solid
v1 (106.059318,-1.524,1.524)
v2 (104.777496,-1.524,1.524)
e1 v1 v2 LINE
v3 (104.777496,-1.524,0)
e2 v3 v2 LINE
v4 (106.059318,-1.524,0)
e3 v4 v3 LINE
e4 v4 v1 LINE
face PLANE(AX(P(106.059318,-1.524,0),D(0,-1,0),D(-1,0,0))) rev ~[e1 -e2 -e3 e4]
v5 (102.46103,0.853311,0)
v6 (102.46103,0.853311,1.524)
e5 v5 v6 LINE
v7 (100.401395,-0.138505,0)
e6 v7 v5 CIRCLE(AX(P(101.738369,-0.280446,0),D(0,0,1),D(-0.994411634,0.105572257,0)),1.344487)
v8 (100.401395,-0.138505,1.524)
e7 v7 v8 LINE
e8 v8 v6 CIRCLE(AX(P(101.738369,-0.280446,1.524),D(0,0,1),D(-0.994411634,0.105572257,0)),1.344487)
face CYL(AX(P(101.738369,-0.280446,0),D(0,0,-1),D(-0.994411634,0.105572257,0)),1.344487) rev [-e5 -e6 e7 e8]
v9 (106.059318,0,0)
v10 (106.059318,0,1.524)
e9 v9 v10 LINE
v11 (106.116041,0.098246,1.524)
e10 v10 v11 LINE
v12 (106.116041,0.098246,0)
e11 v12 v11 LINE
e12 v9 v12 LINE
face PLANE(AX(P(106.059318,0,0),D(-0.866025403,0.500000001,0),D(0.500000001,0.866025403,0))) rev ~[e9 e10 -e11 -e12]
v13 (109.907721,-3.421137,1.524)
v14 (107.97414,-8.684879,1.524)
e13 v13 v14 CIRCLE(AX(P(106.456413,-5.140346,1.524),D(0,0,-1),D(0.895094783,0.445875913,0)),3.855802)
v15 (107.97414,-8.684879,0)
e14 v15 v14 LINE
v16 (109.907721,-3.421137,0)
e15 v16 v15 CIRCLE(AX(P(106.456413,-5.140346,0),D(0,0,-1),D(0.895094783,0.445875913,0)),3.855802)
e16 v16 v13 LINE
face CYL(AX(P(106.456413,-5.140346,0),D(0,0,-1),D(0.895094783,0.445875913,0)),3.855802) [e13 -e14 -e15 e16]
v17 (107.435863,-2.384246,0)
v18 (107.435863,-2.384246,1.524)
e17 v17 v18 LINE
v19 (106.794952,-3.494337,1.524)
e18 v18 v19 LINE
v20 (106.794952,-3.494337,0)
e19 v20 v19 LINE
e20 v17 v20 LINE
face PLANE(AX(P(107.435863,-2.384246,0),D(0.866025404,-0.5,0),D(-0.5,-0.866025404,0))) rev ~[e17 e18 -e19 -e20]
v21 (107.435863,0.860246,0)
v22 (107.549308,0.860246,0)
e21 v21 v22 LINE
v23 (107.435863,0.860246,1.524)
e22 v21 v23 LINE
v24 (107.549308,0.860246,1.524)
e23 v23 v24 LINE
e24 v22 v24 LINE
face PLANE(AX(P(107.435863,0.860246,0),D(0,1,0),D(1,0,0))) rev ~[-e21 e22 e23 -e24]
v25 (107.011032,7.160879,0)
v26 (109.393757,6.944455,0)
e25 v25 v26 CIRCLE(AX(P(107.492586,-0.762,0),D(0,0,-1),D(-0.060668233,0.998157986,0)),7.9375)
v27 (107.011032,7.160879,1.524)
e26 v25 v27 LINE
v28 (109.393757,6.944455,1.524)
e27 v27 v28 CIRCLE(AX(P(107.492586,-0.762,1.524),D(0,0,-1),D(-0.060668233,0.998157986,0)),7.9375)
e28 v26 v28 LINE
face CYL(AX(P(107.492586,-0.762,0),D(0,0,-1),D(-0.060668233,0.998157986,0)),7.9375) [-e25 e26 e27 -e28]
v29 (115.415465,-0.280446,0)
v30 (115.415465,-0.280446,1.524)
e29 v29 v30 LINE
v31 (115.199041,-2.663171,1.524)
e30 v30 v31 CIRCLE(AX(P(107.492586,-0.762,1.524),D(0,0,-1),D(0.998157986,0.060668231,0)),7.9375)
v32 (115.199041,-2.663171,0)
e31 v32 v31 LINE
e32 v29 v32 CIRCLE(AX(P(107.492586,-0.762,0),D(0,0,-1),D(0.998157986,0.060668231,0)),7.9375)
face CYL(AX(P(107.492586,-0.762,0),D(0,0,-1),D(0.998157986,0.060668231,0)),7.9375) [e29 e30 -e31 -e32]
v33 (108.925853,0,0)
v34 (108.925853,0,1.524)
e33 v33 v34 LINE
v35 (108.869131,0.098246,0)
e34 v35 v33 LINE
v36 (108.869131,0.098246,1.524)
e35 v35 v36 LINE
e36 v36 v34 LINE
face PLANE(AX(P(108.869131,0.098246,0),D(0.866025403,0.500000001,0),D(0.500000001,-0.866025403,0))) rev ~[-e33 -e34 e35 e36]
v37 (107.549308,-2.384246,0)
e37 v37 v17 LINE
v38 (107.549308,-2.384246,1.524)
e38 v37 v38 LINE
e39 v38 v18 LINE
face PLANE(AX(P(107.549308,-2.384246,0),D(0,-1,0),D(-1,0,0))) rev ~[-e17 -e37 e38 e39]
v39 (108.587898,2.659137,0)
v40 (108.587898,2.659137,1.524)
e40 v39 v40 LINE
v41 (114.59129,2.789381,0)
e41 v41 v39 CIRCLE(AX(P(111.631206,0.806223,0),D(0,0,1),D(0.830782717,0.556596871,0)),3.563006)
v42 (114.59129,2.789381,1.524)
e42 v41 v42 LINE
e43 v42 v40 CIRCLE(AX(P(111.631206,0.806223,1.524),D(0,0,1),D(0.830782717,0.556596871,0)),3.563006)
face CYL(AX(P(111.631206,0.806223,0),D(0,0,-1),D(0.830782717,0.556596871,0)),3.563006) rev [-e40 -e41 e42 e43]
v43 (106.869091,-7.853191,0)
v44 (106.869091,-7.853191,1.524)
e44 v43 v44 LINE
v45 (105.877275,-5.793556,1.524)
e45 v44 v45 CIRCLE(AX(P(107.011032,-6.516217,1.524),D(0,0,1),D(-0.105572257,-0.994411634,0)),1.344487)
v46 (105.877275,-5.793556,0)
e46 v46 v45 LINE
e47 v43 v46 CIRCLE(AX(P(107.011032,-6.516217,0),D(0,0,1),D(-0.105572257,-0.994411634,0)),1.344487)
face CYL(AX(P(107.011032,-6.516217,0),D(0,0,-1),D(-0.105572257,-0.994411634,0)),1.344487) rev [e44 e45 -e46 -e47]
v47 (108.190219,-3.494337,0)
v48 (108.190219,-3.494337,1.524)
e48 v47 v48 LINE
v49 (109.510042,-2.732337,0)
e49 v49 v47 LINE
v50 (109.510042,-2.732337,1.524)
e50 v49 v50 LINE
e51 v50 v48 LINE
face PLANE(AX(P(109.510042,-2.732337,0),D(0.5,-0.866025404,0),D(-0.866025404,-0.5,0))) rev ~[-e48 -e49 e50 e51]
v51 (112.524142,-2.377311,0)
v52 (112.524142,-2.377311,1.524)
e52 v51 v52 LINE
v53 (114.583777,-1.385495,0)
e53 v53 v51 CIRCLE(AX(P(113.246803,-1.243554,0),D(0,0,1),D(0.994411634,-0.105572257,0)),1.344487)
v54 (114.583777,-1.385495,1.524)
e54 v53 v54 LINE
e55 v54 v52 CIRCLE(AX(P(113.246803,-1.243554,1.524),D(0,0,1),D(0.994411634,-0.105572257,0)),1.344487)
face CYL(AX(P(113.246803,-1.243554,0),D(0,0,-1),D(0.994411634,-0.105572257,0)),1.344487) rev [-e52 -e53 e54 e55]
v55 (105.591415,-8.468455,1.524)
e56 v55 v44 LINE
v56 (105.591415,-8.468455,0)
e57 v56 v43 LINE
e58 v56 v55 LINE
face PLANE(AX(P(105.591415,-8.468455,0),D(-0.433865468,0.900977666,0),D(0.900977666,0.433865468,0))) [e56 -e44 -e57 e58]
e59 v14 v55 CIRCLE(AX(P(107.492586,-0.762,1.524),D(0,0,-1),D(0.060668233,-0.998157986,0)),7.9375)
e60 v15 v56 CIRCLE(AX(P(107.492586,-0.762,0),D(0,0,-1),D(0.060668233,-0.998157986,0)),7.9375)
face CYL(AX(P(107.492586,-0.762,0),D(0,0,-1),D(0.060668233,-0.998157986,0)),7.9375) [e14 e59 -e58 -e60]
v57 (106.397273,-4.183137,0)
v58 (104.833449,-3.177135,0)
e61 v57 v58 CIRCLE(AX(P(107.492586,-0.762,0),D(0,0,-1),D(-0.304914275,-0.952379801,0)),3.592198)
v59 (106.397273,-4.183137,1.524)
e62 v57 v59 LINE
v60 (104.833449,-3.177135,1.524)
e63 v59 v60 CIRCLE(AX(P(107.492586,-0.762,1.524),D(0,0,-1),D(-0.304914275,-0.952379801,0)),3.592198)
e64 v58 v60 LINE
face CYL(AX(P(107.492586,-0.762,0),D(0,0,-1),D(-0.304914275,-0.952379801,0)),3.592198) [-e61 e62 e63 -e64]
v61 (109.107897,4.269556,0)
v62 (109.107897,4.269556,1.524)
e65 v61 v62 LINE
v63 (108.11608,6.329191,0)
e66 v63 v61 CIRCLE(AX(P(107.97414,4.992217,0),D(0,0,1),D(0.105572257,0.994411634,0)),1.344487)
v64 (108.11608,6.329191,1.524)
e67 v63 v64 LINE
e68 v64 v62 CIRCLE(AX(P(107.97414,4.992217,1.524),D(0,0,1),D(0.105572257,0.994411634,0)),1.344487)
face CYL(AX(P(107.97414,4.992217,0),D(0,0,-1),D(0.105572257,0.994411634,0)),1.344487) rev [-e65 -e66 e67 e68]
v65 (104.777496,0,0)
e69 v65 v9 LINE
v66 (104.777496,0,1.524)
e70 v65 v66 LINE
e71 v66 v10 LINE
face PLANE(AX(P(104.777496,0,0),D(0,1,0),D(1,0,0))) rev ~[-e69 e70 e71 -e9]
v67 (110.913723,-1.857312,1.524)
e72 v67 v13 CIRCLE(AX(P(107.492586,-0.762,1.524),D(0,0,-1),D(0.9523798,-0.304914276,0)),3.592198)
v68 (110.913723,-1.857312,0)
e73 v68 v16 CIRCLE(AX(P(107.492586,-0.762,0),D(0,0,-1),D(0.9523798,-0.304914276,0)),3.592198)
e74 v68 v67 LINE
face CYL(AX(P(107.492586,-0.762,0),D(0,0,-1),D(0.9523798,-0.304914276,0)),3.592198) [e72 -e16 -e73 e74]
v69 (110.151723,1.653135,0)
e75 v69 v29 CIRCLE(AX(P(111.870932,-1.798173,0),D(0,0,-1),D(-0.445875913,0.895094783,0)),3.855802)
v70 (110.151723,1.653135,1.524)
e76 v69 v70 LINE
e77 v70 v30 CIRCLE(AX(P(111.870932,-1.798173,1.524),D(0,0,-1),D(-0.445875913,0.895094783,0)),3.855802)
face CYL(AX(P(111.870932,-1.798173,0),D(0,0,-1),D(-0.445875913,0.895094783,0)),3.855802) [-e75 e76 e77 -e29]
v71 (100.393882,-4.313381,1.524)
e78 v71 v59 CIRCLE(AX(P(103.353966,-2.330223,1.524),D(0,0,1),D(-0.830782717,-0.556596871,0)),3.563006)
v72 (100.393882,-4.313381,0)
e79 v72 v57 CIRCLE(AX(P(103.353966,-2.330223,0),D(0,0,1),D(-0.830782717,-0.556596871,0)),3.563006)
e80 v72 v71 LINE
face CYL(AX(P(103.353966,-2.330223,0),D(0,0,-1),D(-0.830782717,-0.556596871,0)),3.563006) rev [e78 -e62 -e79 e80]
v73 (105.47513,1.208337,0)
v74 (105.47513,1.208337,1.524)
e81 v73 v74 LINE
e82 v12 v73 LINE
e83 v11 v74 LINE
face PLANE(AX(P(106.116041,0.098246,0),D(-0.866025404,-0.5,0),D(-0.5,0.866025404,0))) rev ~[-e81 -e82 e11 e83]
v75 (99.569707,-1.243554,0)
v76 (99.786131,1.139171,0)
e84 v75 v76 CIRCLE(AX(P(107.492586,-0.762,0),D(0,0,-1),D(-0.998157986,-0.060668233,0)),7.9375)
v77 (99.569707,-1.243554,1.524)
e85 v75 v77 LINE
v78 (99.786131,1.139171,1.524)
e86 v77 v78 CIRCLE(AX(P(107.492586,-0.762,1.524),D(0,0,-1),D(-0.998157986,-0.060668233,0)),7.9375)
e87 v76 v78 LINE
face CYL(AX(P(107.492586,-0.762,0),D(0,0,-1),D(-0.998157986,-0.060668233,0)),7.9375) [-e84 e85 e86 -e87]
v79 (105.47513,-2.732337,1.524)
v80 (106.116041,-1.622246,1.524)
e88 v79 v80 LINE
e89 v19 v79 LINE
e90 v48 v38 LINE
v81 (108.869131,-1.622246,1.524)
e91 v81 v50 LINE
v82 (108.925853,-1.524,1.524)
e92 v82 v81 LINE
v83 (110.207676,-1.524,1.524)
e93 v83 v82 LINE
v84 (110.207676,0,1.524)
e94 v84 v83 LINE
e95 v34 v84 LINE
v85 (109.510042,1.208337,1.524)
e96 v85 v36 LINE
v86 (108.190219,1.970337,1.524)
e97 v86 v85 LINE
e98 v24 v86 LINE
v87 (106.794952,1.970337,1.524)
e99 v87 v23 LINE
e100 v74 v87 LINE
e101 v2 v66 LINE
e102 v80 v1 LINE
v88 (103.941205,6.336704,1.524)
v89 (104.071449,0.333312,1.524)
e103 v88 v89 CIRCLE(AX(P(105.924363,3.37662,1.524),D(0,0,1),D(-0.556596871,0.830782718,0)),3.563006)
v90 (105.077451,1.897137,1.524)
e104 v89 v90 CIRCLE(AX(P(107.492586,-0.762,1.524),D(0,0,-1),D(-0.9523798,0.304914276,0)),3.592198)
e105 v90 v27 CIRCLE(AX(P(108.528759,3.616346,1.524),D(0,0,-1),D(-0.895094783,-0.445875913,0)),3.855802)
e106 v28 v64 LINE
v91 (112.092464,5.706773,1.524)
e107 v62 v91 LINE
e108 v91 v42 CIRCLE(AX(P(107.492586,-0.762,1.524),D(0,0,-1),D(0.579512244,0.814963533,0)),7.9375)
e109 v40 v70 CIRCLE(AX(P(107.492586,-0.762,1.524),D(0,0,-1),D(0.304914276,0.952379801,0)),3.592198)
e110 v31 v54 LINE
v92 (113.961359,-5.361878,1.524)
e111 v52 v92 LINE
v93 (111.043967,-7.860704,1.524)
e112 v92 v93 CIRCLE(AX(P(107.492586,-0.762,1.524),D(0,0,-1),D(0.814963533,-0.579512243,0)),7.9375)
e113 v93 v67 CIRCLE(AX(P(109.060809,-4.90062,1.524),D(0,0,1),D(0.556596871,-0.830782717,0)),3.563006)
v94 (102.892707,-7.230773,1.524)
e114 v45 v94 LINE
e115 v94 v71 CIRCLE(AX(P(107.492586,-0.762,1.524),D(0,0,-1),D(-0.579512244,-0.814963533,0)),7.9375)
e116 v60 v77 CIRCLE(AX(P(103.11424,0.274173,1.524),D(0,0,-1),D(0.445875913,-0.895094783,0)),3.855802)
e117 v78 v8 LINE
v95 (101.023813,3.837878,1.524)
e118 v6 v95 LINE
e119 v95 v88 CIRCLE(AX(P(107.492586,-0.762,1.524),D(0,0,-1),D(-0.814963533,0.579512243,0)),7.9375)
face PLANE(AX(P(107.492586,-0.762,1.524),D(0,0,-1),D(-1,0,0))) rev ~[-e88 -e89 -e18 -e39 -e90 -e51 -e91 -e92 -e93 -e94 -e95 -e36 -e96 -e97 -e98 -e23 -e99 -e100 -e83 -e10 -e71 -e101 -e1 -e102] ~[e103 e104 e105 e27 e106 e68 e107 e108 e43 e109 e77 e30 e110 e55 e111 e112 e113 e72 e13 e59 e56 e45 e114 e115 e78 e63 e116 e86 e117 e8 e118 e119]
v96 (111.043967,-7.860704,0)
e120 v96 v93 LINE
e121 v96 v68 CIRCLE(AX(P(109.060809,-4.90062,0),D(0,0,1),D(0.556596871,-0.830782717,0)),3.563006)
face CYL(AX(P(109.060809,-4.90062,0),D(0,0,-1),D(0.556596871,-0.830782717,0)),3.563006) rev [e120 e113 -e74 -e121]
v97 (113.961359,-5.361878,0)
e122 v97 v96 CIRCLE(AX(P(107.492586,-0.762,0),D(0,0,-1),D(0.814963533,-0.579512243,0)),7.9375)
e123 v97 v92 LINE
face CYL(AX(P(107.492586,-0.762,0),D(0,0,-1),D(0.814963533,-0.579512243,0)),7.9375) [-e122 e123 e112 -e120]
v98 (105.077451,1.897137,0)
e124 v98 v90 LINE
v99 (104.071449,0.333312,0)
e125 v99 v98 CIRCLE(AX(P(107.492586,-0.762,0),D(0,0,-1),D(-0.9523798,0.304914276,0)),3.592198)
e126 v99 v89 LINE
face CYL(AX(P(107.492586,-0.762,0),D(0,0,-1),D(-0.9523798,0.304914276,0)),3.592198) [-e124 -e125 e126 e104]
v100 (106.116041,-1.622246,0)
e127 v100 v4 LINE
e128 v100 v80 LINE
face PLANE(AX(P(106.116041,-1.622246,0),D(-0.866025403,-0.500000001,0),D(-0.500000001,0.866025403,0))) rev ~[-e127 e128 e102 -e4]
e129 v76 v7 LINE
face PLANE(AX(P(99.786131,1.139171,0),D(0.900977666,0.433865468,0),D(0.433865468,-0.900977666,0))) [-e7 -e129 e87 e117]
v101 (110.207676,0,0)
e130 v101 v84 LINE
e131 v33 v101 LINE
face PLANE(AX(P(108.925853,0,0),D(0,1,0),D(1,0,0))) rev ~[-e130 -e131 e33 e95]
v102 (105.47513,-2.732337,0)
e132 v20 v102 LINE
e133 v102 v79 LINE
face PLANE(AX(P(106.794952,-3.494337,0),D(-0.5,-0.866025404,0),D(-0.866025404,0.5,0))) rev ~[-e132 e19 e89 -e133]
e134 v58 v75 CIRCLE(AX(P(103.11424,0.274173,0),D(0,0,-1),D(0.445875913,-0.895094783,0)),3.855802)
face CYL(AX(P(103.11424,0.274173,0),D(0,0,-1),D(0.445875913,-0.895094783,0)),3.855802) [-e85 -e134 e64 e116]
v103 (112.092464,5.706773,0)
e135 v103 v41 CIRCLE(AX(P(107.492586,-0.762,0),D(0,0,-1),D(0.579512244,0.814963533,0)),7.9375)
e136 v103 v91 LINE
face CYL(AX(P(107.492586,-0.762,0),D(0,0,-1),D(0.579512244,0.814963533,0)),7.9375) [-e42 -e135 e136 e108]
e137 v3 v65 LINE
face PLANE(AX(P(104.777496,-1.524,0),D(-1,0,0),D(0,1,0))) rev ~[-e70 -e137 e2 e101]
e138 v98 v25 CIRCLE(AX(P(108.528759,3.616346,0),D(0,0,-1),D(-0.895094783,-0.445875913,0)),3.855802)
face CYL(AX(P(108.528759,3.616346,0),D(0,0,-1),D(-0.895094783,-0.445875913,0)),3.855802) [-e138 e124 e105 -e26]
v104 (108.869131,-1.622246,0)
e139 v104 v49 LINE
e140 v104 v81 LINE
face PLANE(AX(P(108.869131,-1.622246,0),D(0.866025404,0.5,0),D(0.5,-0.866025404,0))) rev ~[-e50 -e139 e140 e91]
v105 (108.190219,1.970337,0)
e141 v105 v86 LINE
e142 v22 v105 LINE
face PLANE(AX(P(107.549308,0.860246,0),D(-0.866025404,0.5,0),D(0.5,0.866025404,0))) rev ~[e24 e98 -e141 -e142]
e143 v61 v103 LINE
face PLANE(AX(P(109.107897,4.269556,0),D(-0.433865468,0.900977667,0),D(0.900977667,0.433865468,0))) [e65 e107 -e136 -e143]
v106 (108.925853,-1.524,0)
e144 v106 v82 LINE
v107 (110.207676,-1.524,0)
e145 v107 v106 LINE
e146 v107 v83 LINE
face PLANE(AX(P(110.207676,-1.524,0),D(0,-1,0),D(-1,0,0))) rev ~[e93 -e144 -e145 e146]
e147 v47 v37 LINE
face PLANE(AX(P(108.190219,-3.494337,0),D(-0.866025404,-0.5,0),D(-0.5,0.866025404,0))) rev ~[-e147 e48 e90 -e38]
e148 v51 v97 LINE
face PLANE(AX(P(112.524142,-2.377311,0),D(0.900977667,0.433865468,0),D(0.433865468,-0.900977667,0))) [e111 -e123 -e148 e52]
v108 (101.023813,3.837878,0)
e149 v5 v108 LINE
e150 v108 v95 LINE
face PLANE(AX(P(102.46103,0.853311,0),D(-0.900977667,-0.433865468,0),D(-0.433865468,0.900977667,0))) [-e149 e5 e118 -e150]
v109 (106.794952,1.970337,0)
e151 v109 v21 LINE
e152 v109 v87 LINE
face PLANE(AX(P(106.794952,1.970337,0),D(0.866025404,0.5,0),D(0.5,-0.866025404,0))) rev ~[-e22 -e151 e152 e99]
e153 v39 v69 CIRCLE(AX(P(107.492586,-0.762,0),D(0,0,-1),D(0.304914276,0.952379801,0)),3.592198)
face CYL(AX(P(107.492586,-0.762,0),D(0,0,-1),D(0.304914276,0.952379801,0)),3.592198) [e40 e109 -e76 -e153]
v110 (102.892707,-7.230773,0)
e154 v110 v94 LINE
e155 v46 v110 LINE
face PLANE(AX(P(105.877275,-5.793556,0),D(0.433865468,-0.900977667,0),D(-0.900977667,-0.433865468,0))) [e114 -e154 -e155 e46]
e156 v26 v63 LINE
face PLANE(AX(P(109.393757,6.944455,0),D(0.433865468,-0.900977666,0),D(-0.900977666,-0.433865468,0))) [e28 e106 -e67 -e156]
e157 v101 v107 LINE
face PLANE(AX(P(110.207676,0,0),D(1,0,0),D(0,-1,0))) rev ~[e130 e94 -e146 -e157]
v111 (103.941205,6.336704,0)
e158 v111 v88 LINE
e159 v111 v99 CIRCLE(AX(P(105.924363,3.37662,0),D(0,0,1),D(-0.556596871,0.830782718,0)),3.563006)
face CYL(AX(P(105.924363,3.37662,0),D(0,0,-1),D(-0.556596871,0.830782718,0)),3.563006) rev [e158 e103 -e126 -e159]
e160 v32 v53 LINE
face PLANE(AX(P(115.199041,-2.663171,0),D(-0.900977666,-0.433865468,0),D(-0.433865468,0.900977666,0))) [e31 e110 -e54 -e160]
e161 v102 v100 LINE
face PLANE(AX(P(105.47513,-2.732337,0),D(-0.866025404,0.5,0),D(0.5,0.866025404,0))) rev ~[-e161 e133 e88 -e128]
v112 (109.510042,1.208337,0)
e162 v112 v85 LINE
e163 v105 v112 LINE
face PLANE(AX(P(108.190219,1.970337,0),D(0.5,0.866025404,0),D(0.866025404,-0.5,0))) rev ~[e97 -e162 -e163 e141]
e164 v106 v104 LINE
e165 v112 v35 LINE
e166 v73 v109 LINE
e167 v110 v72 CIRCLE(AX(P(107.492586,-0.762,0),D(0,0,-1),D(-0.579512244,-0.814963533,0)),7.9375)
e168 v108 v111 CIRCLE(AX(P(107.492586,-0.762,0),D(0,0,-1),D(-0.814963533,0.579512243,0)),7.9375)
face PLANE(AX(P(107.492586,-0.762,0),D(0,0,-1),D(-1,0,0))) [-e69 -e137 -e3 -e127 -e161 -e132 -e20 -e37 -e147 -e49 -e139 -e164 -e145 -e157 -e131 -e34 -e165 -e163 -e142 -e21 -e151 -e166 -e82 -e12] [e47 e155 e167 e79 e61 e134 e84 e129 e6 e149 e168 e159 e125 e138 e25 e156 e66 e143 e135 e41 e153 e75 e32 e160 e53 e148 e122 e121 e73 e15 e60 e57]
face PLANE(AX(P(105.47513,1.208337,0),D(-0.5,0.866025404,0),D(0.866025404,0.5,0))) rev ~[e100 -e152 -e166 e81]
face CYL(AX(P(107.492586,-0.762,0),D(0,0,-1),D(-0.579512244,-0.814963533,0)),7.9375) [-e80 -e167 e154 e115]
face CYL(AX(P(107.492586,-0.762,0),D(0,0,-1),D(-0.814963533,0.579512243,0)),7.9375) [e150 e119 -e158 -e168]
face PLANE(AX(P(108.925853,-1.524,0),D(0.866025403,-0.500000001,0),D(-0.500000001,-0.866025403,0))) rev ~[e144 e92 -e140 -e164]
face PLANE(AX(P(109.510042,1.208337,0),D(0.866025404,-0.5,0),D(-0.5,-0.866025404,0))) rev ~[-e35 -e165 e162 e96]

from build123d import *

# Parameters (mm, degrees)
BOSS_EXTRUDE1_DEPTH = 1.524


with BuildPart() as part:
    # Sketch1 → Boss-Extrude1 (new body)
    with BuildSketch(Plane.XY):
        with BuildLine():
            Line((105.591414647, -8.468455362), (106.869091272, -7.853190647))
            ThreePointArc((106.869091272, -7.853190647), (108.22238434, -5.932890961), (105.877274812, -5.793555702))
            Line((105.877274812, -5.793555702), (102.892707432, -7.23077304))
            ThreePointArc((102.892707432, -7.23077304), (101.464153001, -5.925516577), (100.393881735, -4.313380846))
            ThreePointArc((100.393881735, -4.313380846), (103.431247132, -5.892390693), (106.397273409, -4.183136826))
            ThreePointArc((106.397273409, -4.183136826), (105.549139909, -3.783076692), (104.83344904, -3.177135173))
            ThreePointArc((104.83344904, -3.177135173), (101.78471521, -3.345160226), (99.56970685, -1.24355409))
            ThreePointArc((99.56970685, -1.24355409), (99.587627406, -0.043990252), (99.786130504, 1.139171219))
            Line((99.786130504, 1.139171219), (100.401395219, -0.138505406))
            ThreePointArc((100.401395219, -0.138505406), (102.321694905, -1.491798474), (102.461030165, 0.853311054))
            Line((102.461030165, 0.853311054), (101.023812827, 3.837878434))
            ThreePointArc((101.023812827, 3.837878434), (102.32906929, 5.266432866), (103.941205021, 6.336704131))
            ThreePointArc((103.941205021, 6.336704131), (102.362195173, 3.299338734), (104.07144904, 0.333312457))
            ThreePointArc((104.07144904, 0.333312457), (104.471509175, 1.181445957), (105.077450693, 1.897136826))
            ThreePointArc((105.077450693, 1.897136826), (104.90942564, 4.945870656), (107.011031776, 7.160879016))
            ThreePointArc((107.011031776, 7.160879016), (108.210595614, 7.14295846), (109.393757085, 6.944455362))
            Line((109.393757085, 6.944455362), (108.11608046, 6.329190647))
            ThreePointArc((108.11608046, 6.329190647), (106.762787392, 4.408890961), (109.10789692, 4.269555702))
            Line((109.10789692, 4.269555702), (112.092464301, 5.70677304))
            ThreePointArc((112.092464301, 5.70677304), (113.521018732, 4.401516577), (114.591289997, 2.789380846))
            ThreePointArc((114.591289997, 2.789380846), (111.5539246, 4.368390693), (108.587898324, 2.659136826))
            ThreePointArc((108.587898324, 2.659136826), (109.436031823, 2.259076692), (110.151722693, 1.653135173))
            ThreePointArc((110.151722693, 1.653135173), (113.200456523, 1.821160226), (115.415464883, -0.28044591))
            ThreePointArc((115.415464883, -0.28044591), (115.397544326, -1.480009748), (115.199041228, -2.663171219))
            Line((115.199041228, -2.663171219), (114.583776513, -1.385494594))
            ThreePointArc((114.583776513, -1.385494594), (112.663476827, -0.032201526), (112.524141568, -2.377311054))
            Line((112.524141568, -2.377311054), (113.961358906, -5.361878434))
            ThreePointArc((113.961358906, -5.361878434), (112.656102443, -6.790432866), (111.043966712, -7.860704131))
            ThreePointArc((111.043966712, -7.860704131), (112.622976559, -4.823338734), (110.913722693, -1.857312457))
            ThreePointArc((110.913722693, -1.857312457), (110.513662558, -2.705445957), (109.907721039, -3.421136826))
            ThreePointArc((109.907721039, -3.421136826), (110.075746092, -6.469870656), (107.974139956, -8.684879016))
            ThreePointArc((107.974139956, -8.684879016), (106.774576118, -8.66695846), (105.591414647, -8.468455362))
        make_face()
        Polygon((110.207675722, 0), (110.207675722, -1.524), (108.925853356, -1.524), (108.869130969, -1.622246056), (109.510042152, -2.732336789), (108.190219437, -3.494336789), (107.549308253, -2.384246056), (107.435863479, -2.384246056), (106.794952296, -3.494336789), (105.47512958, -2.732336789), (106.116040764, -1.622246056), (106.059318377, -1.524), (104.77749601, -1.524), (104.77749601, 0), (106.059318377, 0), (106.116040764, 0.098246056), (105.47512958, 1.208336789), (106.794952296, 1.970336789), (107.435863479, 0.860246056), (107.549308253, 0.860246056), (108.190219437, 1.970336789), (109.510042152, 1.208336789), (108.869130969, 0.098246056), (108.925853356, 0), align=None, mode=Mode.SUBTRACT)
    extrude(amount=BOSS_EXTRUDE1_DEPTH)


solid = part.part
